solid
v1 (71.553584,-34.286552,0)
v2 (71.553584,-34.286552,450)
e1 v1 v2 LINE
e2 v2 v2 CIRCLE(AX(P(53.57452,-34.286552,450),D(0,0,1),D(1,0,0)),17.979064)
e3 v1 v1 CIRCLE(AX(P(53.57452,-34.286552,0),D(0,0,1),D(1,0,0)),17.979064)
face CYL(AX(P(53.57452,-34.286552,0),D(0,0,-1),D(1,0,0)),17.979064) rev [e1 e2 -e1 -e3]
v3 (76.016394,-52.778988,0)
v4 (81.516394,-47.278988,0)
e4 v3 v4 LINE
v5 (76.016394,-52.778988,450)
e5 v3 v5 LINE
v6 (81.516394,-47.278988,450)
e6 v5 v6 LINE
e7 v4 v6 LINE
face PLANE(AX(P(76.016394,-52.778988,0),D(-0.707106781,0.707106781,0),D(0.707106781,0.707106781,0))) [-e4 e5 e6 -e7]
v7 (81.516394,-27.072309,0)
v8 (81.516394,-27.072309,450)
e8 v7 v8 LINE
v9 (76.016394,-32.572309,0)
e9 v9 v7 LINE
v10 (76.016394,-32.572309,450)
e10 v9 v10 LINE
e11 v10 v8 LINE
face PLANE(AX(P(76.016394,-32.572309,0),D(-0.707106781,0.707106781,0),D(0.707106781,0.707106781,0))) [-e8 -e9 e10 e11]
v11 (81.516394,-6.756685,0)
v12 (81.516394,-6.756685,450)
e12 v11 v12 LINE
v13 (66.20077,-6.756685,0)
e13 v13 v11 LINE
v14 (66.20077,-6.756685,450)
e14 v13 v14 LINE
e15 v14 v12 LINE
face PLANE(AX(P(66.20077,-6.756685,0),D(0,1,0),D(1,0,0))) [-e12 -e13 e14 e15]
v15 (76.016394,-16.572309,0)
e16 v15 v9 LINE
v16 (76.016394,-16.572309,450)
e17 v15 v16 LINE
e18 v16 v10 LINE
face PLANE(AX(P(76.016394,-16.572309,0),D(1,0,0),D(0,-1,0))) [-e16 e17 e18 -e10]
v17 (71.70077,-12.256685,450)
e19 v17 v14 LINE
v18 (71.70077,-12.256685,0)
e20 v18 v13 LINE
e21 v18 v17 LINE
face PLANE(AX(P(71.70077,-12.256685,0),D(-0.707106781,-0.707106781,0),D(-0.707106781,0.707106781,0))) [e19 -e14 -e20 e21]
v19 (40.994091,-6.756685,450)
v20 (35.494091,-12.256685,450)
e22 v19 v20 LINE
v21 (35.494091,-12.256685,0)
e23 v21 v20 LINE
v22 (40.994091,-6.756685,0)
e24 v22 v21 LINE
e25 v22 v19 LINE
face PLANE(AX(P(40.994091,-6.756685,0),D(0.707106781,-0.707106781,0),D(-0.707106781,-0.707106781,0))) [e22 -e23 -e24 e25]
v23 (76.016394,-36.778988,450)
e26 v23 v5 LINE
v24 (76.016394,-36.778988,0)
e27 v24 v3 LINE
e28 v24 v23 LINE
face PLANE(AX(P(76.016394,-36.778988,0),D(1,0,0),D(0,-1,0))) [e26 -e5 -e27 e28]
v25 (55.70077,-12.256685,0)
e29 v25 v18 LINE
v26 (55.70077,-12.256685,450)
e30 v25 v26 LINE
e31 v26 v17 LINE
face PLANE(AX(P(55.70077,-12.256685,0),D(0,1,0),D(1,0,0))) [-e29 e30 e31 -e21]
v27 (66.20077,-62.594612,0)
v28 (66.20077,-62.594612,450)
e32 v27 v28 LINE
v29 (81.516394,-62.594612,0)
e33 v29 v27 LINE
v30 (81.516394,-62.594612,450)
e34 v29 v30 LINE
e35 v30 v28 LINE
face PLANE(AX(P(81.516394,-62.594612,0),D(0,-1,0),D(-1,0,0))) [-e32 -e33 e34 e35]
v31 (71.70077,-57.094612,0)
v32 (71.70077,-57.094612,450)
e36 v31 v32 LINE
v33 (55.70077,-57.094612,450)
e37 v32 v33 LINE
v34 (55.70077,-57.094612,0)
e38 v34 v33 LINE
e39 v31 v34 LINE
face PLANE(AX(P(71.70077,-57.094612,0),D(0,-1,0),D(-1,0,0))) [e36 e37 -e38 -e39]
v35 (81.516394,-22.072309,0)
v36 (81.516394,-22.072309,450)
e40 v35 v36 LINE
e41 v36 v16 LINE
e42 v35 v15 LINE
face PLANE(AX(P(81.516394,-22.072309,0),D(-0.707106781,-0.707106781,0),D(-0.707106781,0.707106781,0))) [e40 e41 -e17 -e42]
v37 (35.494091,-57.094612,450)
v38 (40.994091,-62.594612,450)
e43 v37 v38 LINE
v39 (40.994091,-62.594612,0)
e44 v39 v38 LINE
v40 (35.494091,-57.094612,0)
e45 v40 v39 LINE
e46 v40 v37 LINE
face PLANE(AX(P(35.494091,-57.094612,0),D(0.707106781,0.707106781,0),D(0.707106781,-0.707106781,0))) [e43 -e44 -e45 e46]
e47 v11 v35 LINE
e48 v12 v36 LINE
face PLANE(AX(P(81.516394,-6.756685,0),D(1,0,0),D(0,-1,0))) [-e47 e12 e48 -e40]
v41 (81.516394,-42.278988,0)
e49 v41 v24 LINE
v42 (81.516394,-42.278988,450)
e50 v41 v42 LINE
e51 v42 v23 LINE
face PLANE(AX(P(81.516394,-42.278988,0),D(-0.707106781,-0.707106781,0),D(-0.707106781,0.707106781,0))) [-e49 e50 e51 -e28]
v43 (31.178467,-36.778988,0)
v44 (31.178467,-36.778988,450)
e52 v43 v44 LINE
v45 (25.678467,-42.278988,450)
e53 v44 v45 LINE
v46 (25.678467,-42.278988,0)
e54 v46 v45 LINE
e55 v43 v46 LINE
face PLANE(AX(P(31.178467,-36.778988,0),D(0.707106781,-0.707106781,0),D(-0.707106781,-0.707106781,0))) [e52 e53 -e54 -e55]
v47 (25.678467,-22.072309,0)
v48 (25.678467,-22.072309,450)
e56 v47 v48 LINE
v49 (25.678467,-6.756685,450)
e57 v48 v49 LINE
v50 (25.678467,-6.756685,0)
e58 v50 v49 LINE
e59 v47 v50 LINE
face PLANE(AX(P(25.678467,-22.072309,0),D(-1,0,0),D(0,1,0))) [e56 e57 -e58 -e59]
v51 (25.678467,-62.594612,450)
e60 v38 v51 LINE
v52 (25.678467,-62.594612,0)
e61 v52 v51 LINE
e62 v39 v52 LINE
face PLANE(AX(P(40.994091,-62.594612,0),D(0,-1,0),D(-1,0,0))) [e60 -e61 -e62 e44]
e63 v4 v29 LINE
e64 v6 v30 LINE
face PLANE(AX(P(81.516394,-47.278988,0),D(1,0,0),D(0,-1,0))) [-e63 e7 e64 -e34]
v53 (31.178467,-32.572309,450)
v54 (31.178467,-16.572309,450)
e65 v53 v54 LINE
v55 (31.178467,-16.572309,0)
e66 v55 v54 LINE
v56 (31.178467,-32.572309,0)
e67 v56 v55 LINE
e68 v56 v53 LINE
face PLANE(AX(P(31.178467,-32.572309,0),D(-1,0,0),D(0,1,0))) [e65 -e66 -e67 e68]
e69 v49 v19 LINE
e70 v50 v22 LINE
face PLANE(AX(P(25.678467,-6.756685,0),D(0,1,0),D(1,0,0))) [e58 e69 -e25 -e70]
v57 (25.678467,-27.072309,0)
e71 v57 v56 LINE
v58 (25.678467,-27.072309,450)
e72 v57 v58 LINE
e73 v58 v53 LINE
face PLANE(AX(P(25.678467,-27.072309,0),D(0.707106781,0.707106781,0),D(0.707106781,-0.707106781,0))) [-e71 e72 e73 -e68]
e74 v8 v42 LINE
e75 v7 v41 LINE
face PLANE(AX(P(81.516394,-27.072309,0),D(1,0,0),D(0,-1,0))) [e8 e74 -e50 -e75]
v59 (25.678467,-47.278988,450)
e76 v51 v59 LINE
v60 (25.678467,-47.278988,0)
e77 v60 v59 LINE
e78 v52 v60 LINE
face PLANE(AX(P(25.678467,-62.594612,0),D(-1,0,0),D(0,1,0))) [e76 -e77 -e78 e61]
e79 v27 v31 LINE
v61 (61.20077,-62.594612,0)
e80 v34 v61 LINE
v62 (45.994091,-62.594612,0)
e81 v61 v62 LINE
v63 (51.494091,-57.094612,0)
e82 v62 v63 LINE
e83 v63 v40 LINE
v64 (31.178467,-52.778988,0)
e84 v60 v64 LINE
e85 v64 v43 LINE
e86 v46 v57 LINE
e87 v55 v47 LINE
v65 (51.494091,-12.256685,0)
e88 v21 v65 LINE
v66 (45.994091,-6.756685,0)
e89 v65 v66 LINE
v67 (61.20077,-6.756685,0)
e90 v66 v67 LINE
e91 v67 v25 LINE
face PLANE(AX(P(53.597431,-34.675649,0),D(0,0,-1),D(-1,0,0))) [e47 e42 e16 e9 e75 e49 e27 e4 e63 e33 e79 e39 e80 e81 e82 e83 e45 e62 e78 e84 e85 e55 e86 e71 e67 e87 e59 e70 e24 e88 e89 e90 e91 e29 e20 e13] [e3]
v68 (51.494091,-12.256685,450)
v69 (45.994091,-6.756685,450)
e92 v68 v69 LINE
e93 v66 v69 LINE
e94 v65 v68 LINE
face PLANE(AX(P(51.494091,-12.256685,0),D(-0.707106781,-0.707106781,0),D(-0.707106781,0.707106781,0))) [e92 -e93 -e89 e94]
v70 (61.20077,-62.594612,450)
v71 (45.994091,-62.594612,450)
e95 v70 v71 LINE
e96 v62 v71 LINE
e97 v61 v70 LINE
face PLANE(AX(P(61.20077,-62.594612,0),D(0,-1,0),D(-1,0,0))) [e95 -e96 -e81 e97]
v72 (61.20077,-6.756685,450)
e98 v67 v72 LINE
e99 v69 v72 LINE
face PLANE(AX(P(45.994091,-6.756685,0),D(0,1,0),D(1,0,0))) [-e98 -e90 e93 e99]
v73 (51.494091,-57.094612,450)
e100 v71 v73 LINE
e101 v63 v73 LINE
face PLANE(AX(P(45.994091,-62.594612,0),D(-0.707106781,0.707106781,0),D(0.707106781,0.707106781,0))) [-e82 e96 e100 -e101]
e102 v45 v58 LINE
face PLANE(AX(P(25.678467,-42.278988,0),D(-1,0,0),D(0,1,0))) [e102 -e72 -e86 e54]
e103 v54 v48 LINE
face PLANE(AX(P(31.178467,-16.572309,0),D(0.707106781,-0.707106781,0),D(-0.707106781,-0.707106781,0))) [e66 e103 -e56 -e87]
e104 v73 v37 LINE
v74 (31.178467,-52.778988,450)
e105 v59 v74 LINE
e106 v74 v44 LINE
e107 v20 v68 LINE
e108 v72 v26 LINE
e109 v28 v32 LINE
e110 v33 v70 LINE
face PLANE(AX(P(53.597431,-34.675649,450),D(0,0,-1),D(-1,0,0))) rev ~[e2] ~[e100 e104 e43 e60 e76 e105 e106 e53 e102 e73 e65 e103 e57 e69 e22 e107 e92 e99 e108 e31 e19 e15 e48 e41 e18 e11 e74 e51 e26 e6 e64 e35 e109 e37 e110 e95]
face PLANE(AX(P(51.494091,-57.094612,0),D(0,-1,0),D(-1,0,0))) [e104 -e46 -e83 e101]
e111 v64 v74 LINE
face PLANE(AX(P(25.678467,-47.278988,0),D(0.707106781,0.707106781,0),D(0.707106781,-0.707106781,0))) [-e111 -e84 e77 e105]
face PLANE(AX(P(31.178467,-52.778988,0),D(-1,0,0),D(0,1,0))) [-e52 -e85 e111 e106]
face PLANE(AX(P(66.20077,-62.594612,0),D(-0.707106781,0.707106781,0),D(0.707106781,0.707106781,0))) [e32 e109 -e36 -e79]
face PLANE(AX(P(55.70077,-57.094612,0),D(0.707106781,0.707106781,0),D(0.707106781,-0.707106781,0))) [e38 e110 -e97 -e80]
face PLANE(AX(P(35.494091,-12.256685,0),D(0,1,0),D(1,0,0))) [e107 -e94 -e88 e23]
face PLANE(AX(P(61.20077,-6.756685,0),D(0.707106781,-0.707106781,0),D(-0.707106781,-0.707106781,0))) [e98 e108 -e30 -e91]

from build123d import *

# Parameters (mm, degrees)
SKETCH_R      = 17.979064
EXTRUDE_DEPTH = 450


with BuildPart() as part:
    # Sketch → Extrude (new body)
    with BuildSketch(Plane.XY):
        Polygon((81.516394, -47.278988), (81.516394, -62.594612), (66.20077, -62.594612), (71.70077, -57.094612), (55.70077, -57.094612), (61.20077, -62.594612), (45.994091, -62.594612), (51.494091, -57.094612), (35.494091, -57.094612), (40.994091, -62.594612), (25.678467, -62.594612), (25.678467, -47.278988), (31.178467, -52.778988), (31.178467, -36.778988), (25.678467, -42.278988), (25.678467, -27.072309), (31.178467, -32.572309), (31.178467, -16.572309), (25.678467, -22.072309), (25.678467, -6.756685), (40.994091, -6.756685), (35.494091, -12.256685), (51.494091, -12.256685), (45.994091, -6.756685), (61.20077, -6.756685), (55.70077, -12.256685), (71.70077, -12.256685), (66.20077, -6.756685), (81.516394, -6.756685), (81.516394, -22.072309), (76.016394, -16.572309), (76.016394, -32.572309), (81.516394, -27.072309), (81.516394, -42.278988), (76.016394, -36.778988), (76.016394, -52.778988), align=None)
        with Locations((53.57452, -34.286552)):
            Circle(SKETCH_R, mode=Mode.SUBTRACT)
    extrude(amount=EXTRUDE_DEPTH)


solid = part.part
